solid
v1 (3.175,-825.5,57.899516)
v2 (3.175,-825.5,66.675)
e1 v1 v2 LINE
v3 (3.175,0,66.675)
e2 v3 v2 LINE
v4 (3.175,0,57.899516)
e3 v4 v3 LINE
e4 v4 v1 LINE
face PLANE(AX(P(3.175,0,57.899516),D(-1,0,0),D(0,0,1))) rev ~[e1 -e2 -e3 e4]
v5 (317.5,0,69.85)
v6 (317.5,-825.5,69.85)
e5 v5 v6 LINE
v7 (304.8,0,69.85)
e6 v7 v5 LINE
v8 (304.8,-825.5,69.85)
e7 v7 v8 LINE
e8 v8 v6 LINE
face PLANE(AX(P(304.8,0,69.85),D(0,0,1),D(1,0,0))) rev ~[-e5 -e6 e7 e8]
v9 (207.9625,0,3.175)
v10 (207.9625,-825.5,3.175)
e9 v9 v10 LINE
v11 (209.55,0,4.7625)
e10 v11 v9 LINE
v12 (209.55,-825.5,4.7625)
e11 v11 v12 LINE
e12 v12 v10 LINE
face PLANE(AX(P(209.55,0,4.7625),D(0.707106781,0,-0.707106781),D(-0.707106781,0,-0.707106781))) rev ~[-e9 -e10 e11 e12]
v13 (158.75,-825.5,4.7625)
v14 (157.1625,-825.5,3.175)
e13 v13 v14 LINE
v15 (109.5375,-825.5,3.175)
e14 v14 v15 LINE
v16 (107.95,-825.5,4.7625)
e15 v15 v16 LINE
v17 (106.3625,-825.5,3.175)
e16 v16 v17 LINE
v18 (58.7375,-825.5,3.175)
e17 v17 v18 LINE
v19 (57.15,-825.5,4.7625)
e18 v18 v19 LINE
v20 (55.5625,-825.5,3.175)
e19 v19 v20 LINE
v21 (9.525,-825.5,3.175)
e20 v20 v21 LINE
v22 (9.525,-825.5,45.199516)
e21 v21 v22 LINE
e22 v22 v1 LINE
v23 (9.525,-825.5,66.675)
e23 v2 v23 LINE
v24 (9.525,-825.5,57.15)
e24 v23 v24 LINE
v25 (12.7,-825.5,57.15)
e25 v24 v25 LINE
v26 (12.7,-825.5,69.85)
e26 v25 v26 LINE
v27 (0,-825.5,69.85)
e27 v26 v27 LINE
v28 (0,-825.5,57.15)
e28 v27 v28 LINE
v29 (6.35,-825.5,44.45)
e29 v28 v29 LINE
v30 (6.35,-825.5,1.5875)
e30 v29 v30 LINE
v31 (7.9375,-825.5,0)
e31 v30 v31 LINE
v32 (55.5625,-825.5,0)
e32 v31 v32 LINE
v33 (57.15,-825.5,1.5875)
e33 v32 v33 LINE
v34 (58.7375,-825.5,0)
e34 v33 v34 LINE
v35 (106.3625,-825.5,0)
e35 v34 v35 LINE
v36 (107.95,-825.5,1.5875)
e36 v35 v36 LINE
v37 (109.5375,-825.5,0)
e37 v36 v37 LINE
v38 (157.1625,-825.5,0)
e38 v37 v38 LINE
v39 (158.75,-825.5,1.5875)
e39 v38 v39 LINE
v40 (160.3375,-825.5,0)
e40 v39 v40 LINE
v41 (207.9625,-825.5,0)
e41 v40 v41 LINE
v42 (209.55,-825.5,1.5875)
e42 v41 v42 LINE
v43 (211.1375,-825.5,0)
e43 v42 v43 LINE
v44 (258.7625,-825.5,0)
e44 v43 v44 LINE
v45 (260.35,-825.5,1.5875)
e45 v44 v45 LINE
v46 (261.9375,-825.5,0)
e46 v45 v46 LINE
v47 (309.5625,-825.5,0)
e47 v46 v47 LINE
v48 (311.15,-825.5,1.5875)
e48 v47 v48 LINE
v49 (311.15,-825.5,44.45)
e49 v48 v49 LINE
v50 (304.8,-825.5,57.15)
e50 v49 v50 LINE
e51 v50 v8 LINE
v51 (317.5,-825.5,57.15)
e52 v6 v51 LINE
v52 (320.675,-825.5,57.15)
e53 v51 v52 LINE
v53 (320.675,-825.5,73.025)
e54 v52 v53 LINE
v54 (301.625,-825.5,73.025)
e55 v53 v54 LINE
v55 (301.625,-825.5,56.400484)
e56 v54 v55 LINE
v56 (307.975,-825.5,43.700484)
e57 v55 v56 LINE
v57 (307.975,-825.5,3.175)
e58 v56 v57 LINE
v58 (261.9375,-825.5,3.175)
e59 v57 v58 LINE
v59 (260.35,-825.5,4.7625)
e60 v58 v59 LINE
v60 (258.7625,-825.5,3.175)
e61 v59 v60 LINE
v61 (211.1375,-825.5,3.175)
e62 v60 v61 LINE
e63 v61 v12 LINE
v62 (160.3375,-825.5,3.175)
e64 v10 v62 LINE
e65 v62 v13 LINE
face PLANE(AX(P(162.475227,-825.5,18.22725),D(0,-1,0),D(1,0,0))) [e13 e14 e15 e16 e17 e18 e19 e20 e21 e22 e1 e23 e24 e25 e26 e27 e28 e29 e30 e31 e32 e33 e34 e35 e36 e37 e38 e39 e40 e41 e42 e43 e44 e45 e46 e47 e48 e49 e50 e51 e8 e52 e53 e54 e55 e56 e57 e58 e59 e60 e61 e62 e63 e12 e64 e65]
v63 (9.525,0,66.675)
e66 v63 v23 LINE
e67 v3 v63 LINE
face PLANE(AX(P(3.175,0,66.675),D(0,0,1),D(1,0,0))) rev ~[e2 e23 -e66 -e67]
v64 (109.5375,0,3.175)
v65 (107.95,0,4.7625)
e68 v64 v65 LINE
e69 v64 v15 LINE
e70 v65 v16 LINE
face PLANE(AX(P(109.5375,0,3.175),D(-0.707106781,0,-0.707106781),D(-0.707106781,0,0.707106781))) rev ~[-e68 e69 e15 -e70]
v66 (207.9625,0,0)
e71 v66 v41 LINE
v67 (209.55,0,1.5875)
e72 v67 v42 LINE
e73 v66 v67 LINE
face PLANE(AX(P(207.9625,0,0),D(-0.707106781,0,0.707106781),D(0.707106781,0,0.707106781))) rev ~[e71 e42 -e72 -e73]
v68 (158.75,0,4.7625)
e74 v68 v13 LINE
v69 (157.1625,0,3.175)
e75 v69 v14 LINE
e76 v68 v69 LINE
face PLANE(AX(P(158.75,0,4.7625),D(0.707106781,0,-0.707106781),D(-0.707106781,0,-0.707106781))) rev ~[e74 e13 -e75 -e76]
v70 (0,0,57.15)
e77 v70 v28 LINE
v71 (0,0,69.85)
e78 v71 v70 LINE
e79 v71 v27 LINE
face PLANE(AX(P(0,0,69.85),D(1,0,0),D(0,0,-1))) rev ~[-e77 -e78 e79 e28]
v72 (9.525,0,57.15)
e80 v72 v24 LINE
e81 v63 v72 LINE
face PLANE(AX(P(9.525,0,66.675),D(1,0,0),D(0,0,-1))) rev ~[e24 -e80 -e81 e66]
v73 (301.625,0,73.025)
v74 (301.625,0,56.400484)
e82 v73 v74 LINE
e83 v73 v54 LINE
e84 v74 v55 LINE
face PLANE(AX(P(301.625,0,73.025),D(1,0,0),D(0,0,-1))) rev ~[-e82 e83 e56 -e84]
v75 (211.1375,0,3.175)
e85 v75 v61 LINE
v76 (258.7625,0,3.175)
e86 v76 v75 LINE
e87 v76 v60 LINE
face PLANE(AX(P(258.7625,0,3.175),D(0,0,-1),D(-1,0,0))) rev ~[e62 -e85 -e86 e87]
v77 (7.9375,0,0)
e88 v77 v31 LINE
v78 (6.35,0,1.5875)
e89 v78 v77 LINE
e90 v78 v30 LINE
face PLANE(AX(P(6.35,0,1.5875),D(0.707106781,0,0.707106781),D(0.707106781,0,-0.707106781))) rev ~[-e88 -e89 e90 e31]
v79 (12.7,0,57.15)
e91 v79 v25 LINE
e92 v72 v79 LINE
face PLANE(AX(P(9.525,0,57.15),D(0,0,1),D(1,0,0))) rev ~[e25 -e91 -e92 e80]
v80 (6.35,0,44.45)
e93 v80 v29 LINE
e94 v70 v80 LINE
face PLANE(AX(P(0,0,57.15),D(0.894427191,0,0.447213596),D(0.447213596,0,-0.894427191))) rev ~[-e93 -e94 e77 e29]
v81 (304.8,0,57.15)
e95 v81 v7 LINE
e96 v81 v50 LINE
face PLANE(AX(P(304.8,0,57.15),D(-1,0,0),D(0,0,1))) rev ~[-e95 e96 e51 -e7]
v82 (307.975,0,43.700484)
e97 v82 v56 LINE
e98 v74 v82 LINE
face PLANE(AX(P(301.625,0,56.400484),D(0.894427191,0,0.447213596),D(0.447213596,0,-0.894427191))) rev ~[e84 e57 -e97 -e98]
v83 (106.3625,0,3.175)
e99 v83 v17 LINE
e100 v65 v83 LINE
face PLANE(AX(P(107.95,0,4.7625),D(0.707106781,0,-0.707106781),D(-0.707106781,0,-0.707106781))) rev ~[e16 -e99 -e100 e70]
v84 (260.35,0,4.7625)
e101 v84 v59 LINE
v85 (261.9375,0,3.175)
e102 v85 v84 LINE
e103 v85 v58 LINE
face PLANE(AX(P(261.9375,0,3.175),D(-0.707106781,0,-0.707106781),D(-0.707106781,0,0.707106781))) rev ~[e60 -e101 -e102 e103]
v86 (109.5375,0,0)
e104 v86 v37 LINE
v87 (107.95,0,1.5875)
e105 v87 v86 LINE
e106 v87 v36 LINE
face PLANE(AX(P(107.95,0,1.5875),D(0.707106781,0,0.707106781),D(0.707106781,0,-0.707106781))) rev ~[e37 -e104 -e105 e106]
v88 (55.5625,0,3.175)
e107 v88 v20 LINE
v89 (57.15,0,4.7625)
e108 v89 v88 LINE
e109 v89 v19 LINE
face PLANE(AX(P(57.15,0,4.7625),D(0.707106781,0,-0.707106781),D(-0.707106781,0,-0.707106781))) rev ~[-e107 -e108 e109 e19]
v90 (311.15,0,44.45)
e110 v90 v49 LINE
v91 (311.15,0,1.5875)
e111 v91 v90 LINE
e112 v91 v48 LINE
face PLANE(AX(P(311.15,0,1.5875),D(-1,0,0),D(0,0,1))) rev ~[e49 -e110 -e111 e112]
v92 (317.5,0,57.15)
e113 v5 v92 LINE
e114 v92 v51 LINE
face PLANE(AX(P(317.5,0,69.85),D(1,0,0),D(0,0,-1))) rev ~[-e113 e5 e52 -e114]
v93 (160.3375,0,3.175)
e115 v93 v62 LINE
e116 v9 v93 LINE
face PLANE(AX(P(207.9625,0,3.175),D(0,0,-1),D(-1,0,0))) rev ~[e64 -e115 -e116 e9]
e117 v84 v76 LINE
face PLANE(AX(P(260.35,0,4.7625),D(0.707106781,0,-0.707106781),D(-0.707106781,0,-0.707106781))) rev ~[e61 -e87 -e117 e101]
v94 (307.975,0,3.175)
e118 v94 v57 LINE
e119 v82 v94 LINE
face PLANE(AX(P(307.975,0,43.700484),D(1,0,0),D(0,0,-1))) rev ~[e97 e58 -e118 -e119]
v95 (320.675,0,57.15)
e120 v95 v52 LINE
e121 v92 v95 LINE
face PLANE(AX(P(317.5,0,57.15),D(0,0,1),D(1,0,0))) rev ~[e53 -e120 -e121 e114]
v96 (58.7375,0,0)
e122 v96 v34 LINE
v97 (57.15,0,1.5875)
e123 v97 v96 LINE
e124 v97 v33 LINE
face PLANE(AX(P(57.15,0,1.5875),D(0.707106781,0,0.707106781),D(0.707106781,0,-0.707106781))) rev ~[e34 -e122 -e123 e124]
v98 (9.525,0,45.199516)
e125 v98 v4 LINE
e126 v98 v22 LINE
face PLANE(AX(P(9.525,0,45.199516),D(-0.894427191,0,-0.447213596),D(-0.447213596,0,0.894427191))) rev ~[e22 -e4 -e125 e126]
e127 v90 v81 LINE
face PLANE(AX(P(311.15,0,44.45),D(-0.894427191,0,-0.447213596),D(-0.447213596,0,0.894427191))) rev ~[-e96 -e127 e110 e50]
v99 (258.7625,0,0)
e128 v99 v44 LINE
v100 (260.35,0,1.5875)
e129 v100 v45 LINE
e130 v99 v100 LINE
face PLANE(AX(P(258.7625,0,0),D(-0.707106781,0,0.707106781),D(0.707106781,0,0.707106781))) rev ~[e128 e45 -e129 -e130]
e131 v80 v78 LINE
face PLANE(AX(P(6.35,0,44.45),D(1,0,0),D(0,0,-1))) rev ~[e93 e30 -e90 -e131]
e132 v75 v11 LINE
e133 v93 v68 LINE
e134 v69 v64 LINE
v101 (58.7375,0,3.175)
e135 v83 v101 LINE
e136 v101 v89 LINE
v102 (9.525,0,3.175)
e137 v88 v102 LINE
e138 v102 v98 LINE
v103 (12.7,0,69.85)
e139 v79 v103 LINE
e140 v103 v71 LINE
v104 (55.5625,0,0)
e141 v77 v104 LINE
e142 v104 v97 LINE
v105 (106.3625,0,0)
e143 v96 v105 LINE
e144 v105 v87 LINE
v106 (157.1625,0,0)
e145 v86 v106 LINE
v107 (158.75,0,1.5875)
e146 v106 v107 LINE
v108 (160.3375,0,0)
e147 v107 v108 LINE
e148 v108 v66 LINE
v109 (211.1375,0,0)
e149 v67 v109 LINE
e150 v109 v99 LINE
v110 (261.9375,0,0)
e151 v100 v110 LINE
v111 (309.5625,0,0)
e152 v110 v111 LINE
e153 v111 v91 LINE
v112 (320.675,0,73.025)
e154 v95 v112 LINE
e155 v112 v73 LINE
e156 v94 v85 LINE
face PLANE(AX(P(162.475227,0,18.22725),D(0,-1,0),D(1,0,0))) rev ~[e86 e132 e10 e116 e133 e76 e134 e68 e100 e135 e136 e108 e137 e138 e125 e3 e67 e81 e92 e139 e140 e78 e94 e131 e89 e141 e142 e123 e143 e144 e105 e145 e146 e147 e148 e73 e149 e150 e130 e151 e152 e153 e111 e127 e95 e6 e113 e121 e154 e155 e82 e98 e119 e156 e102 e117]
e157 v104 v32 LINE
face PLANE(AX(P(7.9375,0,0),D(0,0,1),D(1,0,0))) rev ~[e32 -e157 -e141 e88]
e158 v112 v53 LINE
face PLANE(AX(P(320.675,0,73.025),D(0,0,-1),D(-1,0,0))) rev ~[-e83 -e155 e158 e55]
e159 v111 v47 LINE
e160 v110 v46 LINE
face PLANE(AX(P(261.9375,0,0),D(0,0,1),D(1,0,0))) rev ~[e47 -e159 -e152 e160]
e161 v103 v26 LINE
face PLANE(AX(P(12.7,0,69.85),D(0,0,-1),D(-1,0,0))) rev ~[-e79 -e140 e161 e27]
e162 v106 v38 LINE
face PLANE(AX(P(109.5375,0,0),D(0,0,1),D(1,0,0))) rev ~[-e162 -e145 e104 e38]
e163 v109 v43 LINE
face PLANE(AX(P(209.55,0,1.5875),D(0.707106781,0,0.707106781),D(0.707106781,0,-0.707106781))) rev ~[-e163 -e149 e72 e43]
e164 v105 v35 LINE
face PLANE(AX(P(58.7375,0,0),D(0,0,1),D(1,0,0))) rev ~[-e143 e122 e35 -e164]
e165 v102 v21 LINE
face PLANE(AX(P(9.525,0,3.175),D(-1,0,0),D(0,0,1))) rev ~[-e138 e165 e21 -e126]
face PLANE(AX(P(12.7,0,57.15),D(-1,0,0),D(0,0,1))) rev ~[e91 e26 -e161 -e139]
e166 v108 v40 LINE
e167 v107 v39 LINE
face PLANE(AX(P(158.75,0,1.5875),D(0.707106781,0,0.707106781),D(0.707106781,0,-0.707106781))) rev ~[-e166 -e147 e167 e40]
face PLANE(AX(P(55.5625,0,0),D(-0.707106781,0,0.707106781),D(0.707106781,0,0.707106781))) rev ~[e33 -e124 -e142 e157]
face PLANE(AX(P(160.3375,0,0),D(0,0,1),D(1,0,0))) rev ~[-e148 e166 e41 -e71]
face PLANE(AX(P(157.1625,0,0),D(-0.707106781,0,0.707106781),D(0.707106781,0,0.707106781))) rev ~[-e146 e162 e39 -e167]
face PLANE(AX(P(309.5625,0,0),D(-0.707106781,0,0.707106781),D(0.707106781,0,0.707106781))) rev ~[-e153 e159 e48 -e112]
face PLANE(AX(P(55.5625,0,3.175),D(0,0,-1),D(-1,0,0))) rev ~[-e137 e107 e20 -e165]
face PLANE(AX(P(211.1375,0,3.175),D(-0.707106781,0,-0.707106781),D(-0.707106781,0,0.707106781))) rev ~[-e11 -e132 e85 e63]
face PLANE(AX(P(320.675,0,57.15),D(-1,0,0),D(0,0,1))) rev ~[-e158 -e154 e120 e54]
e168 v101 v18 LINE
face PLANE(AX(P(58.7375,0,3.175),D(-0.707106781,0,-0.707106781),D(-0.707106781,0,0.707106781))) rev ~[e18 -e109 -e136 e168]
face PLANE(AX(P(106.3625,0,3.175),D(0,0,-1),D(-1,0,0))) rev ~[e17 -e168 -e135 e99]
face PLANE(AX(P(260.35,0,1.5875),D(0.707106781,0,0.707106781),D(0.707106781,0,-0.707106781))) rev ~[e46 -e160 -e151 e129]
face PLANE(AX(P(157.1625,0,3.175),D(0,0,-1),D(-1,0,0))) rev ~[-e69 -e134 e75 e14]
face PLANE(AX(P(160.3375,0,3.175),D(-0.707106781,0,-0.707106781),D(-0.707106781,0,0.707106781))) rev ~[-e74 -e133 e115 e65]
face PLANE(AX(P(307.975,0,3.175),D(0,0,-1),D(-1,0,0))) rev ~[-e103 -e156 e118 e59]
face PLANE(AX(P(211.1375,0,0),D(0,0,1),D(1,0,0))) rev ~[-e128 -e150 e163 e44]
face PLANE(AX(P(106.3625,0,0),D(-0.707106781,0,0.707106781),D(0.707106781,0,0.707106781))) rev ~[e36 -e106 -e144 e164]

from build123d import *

# Parameters (mm, degrees)
F1_DEPTH = 825.5


with BuildPart() as f1:
    # F0 (on Front) → F1 (new body)
    with BuildSketch(Plane.XZ):
        Polygon((9.525, 57.15), (12.7, 57.15), (12.7, 69.85), (0, 69.85), (0, 57.15), (6.35, 44.45), (6.35, 1.5875), (7.9375, 0), (55.5625, 0), (57.15, 1.5875), (58.7375, 0), (106.3625, 0), (107.95, 1.5875), (109.5375, 0), (157.1625, 0), (158.75, 1.5875), (160.3375, 0), (207.9625, 0), (209.55, 1.5875), (211.1375, 0), (258.7625, 0), (260.35, 1.5875), (261.9375, 0), (309.5625, 0), (311.15, 1.5875), (311.15, 44.45), (304.8, 57.15), (304.8, 69.85), (317.5, 69.85), (317.5, 57.15), (320.675, 57.15), (320.675, 73.025), (301.625, 73.025), (301.625, 56.400484), (307.975, 43.700484), (307.975, 3.175), (261.9375, 3.175), (260.35, 4.7625), (258.7625, 3.175), (211.1375, 3.175), (209.55, 4.7625), (207.9625, 3.175), (160.3375, 3.175), (158.75, 4.7625), (157.1625, 3.175), (109.5375, 3.175), (107.95, 4.7625), (106.3625, 3.175), (58.7375, 3.175), (57.15, 4.7625), (55.5625, 3.175), (9.525, 3.175), (9.525, 45.199516), (3.175, 57.899516), (3.175, 66.675), (9.525, 66.675), align=None)
    extrude(amount=F1_DEPTH)


solid = f1.part
